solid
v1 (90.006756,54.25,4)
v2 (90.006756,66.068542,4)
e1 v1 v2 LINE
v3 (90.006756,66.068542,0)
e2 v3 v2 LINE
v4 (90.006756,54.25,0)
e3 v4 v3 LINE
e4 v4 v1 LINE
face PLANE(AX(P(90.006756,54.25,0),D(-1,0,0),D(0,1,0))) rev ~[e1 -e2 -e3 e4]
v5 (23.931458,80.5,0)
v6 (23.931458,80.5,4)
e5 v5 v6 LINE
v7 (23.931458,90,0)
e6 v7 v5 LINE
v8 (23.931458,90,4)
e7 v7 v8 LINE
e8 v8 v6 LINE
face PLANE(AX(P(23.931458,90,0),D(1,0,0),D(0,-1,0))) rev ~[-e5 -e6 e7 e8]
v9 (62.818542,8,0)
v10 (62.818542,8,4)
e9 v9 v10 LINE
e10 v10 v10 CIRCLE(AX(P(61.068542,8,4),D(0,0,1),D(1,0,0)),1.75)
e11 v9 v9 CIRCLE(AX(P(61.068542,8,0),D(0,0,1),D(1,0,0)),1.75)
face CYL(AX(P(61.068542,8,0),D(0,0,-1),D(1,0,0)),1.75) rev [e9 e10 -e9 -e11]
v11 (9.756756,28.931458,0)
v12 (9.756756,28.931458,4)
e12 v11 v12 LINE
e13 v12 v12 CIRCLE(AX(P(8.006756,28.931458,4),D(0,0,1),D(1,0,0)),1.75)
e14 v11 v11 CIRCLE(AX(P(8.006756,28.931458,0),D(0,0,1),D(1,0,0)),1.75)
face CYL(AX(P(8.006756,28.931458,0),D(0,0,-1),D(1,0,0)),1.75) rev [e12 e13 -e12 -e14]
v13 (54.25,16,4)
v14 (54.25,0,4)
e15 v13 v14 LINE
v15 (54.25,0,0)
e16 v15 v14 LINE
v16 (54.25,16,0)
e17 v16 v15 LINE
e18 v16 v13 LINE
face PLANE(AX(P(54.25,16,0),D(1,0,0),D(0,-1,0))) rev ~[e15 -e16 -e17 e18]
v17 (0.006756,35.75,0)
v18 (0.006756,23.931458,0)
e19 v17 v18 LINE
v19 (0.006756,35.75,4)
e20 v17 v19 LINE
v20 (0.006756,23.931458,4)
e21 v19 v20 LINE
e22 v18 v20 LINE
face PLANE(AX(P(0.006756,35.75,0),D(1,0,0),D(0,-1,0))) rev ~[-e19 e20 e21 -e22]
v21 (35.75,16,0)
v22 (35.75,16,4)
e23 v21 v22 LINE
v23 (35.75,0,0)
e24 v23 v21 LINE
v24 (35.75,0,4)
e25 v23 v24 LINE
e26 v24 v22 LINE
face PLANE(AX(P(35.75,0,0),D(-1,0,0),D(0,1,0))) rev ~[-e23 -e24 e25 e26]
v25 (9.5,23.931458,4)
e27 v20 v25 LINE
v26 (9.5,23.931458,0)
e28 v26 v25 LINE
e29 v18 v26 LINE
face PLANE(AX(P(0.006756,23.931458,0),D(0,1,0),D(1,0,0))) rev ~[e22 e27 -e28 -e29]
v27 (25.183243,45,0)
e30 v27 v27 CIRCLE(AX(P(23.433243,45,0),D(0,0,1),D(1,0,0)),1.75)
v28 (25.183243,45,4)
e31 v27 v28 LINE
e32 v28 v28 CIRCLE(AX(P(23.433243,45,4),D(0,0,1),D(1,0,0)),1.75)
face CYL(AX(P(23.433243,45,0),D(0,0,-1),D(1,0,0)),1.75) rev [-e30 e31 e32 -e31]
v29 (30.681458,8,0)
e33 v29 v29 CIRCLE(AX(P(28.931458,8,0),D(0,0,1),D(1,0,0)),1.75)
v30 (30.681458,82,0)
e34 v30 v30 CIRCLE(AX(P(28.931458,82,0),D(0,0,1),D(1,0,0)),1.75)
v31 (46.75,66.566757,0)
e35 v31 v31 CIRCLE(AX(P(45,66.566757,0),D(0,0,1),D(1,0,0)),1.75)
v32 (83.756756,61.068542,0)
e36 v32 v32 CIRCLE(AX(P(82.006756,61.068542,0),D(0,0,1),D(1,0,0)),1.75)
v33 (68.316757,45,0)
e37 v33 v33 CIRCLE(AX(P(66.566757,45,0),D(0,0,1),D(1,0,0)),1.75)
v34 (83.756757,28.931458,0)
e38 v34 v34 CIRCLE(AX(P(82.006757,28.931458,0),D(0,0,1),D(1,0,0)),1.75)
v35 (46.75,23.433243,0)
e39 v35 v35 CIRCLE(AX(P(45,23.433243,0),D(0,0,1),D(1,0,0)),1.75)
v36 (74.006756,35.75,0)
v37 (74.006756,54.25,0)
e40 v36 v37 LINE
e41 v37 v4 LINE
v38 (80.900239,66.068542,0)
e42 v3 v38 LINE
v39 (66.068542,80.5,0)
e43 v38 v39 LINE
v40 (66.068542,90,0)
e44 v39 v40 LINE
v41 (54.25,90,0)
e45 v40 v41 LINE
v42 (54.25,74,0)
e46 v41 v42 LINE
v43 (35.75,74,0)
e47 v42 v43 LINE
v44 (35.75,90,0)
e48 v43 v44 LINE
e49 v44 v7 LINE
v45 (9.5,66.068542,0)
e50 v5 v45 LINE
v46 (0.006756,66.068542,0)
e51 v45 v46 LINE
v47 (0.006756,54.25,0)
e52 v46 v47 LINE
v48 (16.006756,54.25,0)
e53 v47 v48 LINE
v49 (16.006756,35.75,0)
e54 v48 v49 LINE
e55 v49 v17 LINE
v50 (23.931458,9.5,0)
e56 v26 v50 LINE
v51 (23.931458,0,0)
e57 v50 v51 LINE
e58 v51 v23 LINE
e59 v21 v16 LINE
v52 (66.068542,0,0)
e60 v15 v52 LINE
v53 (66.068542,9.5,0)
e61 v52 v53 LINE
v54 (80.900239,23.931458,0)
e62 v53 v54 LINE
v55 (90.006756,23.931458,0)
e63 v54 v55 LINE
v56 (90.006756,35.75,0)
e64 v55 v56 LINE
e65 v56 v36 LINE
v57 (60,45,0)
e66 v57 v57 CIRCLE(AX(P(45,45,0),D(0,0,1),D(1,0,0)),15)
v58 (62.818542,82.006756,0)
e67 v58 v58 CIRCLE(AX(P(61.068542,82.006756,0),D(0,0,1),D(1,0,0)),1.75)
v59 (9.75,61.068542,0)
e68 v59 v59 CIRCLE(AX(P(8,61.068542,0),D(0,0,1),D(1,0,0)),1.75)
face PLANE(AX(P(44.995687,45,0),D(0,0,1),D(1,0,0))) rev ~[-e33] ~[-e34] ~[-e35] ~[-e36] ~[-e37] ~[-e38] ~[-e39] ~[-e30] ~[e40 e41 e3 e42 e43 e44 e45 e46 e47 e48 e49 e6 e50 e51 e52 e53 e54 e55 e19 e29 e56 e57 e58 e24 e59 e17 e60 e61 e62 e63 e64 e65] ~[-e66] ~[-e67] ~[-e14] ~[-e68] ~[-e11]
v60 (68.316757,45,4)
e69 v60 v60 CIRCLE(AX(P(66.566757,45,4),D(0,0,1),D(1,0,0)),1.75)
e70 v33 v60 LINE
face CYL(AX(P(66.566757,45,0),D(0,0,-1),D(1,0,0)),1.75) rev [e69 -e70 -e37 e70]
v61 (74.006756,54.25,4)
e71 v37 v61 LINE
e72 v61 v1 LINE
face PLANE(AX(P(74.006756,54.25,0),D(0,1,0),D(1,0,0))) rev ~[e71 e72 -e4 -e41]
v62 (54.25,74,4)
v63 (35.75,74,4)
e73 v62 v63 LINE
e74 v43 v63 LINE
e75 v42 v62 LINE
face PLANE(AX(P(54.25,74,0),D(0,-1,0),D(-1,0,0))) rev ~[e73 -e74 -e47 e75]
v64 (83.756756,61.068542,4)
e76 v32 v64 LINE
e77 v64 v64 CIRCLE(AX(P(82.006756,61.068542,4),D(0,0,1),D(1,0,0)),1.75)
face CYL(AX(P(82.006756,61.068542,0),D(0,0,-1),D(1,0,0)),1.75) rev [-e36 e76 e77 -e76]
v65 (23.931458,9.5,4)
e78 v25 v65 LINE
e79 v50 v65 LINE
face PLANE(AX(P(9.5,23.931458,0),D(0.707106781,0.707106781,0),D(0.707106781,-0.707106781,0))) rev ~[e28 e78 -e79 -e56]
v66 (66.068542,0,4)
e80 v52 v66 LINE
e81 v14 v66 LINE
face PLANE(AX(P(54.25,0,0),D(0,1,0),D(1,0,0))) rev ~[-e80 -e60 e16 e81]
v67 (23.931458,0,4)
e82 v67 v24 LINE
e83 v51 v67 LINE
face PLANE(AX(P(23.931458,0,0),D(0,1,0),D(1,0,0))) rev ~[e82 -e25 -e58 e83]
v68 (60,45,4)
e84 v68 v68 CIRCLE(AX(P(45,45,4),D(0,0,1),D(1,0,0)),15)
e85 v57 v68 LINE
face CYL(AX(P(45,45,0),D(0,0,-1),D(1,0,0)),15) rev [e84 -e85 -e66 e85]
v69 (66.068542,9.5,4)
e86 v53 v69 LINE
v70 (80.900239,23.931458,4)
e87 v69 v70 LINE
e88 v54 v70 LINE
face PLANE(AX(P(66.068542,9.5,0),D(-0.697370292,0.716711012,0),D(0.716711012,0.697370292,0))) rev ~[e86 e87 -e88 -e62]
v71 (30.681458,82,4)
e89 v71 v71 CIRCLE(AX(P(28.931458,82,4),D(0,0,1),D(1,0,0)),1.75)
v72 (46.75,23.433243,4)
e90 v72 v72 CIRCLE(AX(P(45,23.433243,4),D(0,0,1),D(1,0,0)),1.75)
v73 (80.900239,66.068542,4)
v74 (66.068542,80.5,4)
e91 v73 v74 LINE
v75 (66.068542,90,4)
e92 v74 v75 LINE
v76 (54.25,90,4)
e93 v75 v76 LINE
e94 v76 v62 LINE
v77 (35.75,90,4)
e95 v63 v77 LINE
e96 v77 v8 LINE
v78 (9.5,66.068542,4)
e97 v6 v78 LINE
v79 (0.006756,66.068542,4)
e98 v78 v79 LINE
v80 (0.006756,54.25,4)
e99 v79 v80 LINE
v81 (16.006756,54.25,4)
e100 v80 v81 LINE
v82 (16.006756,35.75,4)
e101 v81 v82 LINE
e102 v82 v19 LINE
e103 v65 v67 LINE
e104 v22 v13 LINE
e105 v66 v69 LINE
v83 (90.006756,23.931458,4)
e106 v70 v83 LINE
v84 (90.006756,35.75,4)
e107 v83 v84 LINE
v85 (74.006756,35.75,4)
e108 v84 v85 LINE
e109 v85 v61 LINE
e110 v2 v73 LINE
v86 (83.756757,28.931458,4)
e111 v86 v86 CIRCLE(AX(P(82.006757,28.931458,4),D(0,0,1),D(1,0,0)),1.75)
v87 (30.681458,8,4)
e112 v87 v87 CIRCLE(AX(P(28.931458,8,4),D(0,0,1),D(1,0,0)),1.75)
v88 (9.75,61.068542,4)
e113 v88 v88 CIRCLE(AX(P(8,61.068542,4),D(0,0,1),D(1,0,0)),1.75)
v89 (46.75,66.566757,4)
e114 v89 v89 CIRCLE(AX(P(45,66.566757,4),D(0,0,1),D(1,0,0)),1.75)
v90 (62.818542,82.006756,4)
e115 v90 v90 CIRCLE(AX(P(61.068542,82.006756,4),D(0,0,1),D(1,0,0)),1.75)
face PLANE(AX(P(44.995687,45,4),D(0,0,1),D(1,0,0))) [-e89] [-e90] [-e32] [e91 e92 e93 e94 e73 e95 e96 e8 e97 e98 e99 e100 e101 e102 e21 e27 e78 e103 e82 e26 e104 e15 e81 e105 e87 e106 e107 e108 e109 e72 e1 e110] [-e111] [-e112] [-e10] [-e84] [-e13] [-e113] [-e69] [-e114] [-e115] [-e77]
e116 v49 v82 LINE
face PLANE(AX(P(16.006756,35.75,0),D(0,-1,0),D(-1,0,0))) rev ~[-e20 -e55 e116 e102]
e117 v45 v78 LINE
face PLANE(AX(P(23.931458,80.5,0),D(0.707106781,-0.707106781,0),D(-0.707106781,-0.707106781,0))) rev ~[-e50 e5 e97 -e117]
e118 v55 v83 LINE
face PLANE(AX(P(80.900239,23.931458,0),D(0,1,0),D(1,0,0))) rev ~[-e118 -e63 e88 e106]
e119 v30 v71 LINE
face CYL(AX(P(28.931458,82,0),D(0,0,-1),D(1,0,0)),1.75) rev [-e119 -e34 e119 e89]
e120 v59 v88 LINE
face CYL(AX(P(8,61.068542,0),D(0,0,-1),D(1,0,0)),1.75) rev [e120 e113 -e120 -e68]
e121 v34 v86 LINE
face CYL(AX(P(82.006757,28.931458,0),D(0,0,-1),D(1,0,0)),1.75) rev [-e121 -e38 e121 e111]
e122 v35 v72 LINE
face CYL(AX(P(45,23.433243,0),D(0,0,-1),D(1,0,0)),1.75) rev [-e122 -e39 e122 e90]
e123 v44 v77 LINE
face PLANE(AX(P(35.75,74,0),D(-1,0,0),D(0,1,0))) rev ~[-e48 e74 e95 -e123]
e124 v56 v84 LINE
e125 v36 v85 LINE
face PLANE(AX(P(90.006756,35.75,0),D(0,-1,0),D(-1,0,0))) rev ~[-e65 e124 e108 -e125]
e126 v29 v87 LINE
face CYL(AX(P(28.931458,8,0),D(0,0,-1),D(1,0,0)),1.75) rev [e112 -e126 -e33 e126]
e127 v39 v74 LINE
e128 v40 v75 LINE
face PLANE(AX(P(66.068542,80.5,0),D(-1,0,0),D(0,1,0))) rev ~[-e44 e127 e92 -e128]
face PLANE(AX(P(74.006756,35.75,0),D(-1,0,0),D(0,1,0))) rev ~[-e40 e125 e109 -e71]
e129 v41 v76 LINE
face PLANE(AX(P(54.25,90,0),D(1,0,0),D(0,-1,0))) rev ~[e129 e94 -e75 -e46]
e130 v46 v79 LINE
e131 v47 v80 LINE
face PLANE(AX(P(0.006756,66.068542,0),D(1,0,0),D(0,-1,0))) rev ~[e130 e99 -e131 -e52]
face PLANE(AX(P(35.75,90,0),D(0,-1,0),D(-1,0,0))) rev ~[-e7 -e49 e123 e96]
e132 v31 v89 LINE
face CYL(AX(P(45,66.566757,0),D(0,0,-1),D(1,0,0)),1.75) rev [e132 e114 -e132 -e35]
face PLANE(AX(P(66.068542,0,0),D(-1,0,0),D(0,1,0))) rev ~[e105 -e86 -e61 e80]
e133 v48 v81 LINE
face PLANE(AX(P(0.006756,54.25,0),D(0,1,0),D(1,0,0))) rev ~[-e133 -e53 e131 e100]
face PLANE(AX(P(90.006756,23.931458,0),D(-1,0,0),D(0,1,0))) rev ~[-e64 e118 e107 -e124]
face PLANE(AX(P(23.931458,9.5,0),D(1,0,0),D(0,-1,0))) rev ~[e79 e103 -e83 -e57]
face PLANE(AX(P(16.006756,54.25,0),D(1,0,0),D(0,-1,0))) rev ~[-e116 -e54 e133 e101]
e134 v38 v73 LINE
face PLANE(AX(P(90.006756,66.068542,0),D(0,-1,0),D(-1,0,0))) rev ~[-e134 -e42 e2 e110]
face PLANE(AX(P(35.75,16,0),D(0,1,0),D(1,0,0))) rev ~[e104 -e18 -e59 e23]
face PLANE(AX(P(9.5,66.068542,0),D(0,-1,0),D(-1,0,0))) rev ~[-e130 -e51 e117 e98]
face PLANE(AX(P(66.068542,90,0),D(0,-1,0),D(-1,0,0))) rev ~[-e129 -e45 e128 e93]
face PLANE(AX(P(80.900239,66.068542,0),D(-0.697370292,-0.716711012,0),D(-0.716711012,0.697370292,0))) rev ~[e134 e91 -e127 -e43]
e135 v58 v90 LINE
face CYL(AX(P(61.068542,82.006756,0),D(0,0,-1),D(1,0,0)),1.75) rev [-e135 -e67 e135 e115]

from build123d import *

# Parameters (mm, degrees)
F0_R     = 1.75
F0_R_2   = 15
F1_DEPTH = 4


with BuildPart() as f1:
    # F0 (on Top) → F1 (new body)
    with BuildSketch(Plane.XY):
        Polygon((23.931458, 9.5), (23.931458, 0), (35.75, 0), (35.75, 16), (54.25, 16), (54.25, 0), (66.068542, 0), (66.068542, 9.5), (80.900239, 23.931458), (90.006756, 23.931458), (90.006756, 35.75), (74.006756, 35.75), (74.006756, 54.25), (90.006756, 54.25), (90.006756, 66.068542), (80.900239, 66.068542), (66.068542, 80.5), (66.068542, 90), (54.25, 90), (54.25, 74), (35.75, 74), (35.75, 90), (23.931458, 90), (23.931458, 80.5), (9.5, 66.068542), (0.006756, 66.068542), (0.006756, 54.25), (16.006756, 54.25), (16.006756, 35.75), (0.006756, 35.75), (0.006756, 23.931458), (9.5, 23.931458), align=None)
        with Locations((28.931458, 8)):
            Circle(F0_R, mode=Mode.SUBTRACT)
        with Locations((8.006756, 28.931458)):
            Circle(F0_R, mode=Mode.SUBTRACT)
        with Locations((45, 23.433243)):
            Circle(F0_R, mode=Mode.SUBTRACT)
        with Locations((61.068542, 8)):
            Circle(F0_R, mode=Mode.SUBTRACT)
        with Locations((82.006757, 28.931458)):
            Circle(F0_R, mode=Mode.SUBTRACT)
        with Locations((8, 61.068542)):
            Circle(F0_R, mode=Mode.SUBTRACT)
        with Locations((23.433243, 45)):
            Circle(F0_R, mode=Mode.SUBTRACT)
        with Locations((45, 45)):
            Circle(F0_R_2, mode=Mode.SUBTRACT)
        with Locations((45, 66.566757)):
            Circle(F0_R, mode=Mode.SUBTRACT)
        with Locations((28.931458, 82)):
            Circle(F0_R, mode=Mode.SUBTRACT)
        with Locations((66.566757, 45)):
            Circle(F0_R, mode=Mode.SUBTRACT)
        with Locations((82.006756, 61.068542)):
            Circle(F0_R, mode=Mode.SUBTRACT)
        with Locations((61.068542, 82.006756)):
            Circle(F0_R, mode=Mode.SUBTRACT)
    extrude(amount=F1_DEPTH)


solid = f1.part
